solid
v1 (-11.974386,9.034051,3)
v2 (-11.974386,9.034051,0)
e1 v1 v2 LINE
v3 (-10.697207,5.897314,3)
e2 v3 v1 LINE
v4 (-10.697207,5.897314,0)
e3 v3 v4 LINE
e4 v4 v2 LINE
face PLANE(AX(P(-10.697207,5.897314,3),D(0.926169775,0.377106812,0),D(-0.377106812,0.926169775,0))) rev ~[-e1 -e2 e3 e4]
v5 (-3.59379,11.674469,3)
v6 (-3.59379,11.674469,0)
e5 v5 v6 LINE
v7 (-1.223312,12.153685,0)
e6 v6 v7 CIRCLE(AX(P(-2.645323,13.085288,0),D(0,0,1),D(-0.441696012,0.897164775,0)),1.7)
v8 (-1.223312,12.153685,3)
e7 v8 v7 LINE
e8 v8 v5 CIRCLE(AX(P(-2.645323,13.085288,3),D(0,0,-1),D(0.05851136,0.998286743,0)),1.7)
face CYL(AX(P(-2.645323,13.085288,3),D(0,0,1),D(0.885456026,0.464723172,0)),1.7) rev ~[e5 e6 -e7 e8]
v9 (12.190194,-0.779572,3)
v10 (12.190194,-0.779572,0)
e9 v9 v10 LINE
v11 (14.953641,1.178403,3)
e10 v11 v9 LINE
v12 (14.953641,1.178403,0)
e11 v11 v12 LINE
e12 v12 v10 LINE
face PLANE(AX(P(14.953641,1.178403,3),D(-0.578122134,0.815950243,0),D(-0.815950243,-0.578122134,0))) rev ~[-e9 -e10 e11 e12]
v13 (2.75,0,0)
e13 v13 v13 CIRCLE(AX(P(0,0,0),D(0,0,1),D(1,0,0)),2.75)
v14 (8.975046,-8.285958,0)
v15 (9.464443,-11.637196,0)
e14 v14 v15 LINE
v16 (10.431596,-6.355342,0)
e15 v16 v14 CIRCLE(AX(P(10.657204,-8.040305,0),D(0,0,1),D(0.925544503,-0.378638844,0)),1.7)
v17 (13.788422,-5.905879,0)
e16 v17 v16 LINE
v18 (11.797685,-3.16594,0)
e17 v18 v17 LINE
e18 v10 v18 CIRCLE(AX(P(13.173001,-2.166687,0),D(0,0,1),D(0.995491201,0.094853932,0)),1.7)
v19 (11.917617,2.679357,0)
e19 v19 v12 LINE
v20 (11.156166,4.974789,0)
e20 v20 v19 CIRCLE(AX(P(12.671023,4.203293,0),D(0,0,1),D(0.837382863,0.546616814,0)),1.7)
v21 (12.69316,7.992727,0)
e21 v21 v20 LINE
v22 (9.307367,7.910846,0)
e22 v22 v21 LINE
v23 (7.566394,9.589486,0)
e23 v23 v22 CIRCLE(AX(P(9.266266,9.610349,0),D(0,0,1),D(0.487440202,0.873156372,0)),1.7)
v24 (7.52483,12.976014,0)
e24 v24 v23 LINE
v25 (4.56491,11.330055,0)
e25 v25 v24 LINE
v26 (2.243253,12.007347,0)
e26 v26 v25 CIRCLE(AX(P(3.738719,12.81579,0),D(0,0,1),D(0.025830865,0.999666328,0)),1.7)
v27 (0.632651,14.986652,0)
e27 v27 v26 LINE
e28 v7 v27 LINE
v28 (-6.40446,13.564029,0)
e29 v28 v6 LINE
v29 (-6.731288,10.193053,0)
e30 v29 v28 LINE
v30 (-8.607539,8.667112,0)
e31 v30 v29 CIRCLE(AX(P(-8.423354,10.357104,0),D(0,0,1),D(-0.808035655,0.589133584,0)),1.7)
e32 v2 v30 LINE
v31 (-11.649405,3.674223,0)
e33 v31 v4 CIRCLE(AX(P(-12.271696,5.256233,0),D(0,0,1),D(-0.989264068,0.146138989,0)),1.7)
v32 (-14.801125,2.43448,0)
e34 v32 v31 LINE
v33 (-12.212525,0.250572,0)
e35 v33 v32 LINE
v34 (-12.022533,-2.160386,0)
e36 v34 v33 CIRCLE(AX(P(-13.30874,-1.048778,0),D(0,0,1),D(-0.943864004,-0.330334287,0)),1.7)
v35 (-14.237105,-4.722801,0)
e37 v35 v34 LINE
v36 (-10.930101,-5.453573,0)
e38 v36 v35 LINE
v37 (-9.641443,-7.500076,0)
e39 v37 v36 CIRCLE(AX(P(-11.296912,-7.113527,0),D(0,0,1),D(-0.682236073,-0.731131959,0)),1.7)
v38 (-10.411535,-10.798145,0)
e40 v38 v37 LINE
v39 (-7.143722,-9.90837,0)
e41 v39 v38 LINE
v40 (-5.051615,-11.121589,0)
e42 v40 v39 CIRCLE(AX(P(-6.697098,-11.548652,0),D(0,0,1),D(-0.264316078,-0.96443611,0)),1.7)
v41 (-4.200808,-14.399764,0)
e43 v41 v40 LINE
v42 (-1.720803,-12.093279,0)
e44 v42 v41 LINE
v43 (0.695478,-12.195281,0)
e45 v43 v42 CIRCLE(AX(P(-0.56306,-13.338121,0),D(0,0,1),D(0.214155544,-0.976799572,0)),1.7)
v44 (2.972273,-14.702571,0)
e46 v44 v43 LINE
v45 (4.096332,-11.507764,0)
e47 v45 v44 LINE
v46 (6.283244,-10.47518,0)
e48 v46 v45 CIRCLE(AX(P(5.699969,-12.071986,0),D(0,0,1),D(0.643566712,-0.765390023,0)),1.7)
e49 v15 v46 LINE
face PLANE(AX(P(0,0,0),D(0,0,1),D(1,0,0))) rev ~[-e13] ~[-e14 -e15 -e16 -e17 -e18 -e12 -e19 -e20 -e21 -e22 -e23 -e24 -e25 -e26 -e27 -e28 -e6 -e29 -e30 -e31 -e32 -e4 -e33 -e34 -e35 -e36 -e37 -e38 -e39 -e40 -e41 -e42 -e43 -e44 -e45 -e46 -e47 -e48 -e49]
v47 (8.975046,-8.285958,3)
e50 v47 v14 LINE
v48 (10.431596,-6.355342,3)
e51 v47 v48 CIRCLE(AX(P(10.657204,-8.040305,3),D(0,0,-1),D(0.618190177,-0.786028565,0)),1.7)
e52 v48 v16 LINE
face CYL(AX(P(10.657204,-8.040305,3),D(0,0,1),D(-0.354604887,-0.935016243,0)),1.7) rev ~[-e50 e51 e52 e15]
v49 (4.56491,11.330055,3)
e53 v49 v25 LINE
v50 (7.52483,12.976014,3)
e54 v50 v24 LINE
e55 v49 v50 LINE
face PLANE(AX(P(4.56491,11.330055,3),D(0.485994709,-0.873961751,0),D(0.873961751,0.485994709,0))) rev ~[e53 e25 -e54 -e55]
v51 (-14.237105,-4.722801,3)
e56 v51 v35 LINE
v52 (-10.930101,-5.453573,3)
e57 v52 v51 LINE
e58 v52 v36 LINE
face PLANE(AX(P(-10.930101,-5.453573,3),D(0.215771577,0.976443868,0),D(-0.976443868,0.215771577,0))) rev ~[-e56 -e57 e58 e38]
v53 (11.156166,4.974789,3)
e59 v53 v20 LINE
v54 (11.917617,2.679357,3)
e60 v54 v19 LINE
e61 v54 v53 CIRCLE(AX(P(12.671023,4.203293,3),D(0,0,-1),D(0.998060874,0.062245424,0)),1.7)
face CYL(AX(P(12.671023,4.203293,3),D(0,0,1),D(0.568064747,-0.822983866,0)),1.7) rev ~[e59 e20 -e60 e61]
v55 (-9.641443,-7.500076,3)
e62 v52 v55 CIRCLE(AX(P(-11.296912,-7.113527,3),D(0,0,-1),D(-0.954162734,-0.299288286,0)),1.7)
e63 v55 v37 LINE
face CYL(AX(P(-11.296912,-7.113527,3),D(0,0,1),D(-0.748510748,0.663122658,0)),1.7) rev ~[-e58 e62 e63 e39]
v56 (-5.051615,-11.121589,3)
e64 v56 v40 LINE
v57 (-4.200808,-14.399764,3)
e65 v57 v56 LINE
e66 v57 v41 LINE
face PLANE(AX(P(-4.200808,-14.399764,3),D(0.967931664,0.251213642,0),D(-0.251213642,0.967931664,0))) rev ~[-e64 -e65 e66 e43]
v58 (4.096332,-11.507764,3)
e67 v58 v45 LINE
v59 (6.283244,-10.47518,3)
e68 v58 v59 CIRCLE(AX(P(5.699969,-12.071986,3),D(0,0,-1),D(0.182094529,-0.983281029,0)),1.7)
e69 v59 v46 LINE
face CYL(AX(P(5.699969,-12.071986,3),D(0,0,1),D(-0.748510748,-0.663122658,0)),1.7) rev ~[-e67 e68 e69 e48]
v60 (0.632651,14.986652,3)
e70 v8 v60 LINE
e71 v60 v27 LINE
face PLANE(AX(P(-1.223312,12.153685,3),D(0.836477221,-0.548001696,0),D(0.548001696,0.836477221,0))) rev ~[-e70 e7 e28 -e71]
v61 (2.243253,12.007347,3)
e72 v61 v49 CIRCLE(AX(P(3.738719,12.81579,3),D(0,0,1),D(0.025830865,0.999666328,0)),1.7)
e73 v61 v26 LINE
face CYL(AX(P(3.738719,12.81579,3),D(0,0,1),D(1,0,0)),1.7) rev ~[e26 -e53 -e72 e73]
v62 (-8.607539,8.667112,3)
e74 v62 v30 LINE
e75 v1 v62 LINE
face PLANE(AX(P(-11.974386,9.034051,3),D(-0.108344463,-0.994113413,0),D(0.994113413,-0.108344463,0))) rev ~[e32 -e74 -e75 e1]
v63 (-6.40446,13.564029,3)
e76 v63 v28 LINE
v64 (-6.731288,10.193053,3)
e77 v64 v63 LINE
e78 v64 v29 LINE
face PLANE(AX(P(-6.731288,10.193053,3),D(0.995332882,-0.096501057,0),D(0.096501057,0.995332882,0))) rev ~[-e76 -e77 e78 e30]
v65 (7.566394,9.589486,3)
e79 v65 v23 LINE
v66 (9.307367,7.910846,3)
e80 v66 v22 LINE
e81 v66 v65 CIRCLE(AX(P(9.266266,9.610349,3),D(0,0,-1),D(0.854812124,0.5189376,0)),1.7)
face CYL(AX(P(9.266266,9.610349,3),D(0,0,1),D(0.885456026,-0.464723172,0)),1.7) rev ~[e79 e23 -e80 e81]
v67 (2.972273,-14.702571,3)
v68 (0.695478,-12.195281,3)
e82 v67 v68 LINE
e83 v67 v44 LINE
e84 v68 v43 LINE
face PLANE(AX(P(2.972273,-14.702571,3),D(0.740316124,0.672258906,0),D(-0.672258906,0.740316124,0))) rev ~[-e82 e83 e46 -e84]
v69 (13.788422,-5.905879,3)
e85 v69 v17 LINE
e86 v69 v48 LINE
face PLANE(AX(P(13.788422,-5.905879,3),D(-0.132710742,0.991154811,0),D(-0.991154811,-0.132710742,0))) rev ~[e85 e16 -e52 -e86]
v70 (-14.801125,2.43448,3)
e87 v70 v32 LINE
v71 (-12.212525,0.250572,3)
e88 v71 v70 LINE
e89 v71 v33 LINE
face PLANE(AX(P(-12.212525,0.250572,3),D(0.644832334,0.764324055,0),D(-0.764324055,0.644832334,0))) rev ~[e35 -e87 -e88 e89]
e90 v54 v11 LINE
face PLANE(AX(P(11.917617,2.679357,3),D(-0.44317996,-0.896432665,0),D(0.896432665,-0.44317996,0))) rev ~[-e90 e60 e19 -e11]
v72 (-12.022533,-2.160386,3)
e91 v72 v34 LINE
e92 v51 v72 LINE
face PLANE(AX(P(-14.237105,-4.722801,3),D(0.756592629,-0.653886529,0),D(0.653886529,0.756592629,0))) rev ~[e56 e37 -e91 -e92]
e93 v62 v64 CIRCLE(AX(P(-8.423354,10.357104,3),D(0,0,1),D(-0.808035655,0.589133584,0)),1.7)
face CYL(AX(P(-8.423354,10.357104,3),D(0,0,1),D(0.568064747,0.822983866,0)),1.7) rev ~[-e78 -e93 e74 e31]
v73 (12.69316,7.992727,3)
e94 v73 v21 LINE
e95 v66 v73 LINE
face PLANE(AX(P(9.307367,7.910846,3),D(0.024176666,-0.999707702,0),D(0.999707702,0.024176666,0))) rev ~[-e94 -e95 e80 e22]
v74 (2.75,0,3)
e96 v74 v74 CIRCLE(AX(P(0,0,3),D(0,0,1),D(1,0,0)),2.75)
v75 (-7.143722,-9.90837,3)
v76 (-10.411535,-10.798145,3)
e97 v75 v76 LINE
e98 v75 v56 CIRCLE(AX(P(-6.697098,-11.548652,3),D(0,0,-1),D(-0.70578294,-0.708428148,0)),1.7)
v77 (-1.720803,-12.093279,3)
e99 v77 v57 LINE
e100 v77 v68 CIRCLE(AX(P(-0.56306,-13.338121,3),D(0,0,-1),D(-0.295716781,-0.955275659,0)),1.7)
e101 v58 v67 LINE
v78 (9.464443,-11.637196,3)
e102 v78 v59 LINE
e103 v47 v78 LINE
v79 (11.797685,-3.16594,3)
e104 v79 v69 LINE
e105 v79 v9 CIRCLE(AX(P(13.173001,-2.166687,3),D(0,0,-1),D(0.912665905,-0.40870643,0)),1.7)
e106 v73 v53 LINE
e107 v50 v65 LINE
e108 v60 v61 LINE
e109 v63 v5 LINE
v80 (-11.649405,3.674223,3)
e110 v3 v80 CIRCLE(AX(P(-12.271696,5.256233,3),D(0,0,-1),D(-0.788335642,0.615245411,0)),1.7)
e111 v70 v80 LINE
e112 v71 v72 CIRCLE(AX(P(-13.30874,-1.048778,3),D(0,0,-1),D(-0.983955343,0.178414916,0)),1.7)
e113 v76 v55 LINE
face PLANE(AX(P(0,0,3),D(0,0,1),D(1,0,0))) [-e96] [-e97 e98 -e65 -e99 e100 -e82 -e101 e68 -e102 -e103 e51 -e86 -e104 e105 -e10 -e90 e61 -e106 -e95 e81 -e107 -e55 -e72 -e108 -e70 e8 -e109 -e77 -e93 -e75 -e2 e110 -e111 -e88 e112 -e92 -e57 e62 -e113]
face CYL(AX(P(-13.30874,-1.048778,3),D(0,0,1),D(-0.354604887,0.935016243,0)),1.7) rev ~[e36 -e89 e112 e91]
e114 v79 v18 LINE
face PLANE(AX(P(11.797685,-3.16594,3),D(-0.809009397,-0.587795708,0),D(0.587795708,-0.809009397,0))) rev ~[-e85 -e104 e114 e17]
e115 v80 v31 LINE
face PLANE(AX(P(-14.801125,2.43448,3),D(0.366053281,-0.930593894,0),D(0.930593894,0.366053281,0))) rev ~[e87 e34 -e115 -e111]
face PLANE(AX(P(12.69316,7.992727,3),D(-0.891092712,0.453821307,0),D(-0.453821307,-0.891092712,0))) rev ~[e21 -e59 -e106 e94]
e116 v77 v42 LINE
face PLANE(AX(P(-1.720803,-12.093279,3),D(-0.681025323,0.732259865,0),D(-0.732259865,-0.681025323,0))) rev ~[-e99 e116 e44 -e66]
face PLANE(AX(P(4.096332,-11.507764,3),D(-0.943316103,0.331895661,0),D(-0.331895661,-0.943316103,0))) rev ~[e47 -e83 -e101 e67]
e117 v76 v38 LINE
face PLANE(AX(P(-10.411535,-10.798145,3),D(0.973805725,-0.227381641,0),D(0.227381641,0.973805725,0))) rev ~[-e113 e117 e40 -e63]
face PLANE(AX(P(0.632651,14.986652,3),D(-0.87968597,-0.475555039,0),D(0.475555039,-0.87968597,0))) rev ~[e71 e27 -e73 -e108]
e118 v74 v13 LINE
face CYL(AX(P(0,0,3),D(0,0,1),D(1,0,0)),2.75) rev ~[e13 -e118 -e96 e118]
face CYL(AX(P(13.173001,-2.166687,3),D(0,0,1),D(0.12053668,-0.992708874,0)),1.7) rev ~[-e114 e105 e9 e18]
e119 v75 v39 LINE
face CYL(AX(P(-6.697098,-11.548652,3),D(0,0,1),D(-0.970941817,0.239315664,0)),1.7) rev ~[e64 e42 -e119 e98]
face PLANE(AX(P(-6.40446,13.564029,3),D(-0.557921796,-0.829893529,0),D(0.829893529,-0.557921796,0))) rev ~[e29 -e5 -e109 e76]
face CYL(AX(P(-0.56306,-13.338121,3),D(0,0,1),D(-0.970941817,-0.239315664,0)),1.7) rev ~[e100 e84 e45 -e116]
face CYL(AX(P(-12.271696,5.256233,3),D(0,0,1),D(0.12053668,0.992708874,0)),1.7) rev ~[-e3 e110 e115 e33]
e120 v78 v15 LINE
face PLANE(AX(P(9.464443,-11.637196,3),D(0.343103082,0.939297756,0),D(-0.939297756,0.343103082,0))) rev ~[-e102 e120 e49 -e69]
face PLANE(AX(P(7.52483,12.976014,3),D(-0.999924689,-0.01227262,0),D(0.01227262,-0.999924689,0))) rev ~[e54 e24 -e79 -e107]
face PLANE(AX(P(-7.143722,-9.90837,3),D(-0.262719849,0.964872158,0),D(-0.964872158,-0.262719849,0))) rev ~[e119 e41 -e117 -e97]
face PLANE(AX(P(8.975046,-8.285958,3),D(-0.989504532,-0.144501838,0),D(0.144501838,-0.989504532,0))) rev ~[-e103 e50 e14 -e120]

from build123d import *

# Parameters (mm, degrees)
SKETCH1_R           = 15
BOSS_EXTRUDE1_DEPTH = 3
SKETCH2_R           = 2.75
CUT_EXTRUDE1_DEPTH  = 11
SKETCH3_R           = 1.7
CUT_EXTRUDE5_DEPTH  = 10
CIRPATTERN1_COUNT   = 13
CUT_EXTRUDE6_DEPTH  = 10
CIRPATTERN2_COUNT   = 13


with BuildPart() as part:
    # Sketch1 → Boss-Extrude1 (new body)
    with BuildSketch(Plane.XY):
        Circle(SKETCH1_R)
    extrude(amount=BOSS_EXTRUDE1_DEPTH)

    # Sketch2 → Cut-Extrude1 (cut)
    with BuildSketch(Plane.XY.offset(3)):
        Circle(SKETCH2_R)
    extrude(amount=-CUT_EXTRUDE1_DEPTH, mode=Mode.SUBTRACT)

    # Sketch3 → Cut-Extrude5 (cut)
    with BuildSketch(Plane.XY.offset(3)):
        with Locations((3.738719386, 12.815790157)):
            Circle(SKETCH3_R)
    cut_extrude5 = extrude(amount=-CUT_EXTRUDE5_DEPTH, mode=Mode.SUBTRACT)

    # CirPattern1: Cut-Extrude5 ×13 about axis
    cirpattern1_axis = Axis((0, 0, 0), (0, 0, 1))
    for i in range(1, CIRPATTERN1_COUNT):
        add(cut_extrude5.rotate(cirpattern1_axis, i * 360 / CIRPATTERN1_COUNT), mode=Mode.SUBTRACT)

    # Sketch4 → Cut-Extrude6 (cut)
    with BuildSketch(Plane.XY.offset(3)):
        Polygon((-1.22331177, 12.153685267), (0.632651304, 14.986652472), (2.243253238, 12.007346591), (4.816692291, 13.980883612), (-0.349444611, 17.339445828), (-3.866613741, 14.072309299), align=None)
    cut_extrude6 = extrude(amount=-CUT_EXTRUDE6_DEPTH, mode=Mode.SUBTRACT)

    # CirPattern2: Cut-Extrude6 ×13 about axis
    cirpattern2_axis = Axis((0, 0, 0), (0, 0, 1))
    for i in range(1, CIRPATTERN2_COUNT):
        add(cut_extrude6.rotate(cirpattern2_axis, i * 360 / CIRPATTERN2_COUNT), mode=Mode.SUBTRACT)


solid = part.part
